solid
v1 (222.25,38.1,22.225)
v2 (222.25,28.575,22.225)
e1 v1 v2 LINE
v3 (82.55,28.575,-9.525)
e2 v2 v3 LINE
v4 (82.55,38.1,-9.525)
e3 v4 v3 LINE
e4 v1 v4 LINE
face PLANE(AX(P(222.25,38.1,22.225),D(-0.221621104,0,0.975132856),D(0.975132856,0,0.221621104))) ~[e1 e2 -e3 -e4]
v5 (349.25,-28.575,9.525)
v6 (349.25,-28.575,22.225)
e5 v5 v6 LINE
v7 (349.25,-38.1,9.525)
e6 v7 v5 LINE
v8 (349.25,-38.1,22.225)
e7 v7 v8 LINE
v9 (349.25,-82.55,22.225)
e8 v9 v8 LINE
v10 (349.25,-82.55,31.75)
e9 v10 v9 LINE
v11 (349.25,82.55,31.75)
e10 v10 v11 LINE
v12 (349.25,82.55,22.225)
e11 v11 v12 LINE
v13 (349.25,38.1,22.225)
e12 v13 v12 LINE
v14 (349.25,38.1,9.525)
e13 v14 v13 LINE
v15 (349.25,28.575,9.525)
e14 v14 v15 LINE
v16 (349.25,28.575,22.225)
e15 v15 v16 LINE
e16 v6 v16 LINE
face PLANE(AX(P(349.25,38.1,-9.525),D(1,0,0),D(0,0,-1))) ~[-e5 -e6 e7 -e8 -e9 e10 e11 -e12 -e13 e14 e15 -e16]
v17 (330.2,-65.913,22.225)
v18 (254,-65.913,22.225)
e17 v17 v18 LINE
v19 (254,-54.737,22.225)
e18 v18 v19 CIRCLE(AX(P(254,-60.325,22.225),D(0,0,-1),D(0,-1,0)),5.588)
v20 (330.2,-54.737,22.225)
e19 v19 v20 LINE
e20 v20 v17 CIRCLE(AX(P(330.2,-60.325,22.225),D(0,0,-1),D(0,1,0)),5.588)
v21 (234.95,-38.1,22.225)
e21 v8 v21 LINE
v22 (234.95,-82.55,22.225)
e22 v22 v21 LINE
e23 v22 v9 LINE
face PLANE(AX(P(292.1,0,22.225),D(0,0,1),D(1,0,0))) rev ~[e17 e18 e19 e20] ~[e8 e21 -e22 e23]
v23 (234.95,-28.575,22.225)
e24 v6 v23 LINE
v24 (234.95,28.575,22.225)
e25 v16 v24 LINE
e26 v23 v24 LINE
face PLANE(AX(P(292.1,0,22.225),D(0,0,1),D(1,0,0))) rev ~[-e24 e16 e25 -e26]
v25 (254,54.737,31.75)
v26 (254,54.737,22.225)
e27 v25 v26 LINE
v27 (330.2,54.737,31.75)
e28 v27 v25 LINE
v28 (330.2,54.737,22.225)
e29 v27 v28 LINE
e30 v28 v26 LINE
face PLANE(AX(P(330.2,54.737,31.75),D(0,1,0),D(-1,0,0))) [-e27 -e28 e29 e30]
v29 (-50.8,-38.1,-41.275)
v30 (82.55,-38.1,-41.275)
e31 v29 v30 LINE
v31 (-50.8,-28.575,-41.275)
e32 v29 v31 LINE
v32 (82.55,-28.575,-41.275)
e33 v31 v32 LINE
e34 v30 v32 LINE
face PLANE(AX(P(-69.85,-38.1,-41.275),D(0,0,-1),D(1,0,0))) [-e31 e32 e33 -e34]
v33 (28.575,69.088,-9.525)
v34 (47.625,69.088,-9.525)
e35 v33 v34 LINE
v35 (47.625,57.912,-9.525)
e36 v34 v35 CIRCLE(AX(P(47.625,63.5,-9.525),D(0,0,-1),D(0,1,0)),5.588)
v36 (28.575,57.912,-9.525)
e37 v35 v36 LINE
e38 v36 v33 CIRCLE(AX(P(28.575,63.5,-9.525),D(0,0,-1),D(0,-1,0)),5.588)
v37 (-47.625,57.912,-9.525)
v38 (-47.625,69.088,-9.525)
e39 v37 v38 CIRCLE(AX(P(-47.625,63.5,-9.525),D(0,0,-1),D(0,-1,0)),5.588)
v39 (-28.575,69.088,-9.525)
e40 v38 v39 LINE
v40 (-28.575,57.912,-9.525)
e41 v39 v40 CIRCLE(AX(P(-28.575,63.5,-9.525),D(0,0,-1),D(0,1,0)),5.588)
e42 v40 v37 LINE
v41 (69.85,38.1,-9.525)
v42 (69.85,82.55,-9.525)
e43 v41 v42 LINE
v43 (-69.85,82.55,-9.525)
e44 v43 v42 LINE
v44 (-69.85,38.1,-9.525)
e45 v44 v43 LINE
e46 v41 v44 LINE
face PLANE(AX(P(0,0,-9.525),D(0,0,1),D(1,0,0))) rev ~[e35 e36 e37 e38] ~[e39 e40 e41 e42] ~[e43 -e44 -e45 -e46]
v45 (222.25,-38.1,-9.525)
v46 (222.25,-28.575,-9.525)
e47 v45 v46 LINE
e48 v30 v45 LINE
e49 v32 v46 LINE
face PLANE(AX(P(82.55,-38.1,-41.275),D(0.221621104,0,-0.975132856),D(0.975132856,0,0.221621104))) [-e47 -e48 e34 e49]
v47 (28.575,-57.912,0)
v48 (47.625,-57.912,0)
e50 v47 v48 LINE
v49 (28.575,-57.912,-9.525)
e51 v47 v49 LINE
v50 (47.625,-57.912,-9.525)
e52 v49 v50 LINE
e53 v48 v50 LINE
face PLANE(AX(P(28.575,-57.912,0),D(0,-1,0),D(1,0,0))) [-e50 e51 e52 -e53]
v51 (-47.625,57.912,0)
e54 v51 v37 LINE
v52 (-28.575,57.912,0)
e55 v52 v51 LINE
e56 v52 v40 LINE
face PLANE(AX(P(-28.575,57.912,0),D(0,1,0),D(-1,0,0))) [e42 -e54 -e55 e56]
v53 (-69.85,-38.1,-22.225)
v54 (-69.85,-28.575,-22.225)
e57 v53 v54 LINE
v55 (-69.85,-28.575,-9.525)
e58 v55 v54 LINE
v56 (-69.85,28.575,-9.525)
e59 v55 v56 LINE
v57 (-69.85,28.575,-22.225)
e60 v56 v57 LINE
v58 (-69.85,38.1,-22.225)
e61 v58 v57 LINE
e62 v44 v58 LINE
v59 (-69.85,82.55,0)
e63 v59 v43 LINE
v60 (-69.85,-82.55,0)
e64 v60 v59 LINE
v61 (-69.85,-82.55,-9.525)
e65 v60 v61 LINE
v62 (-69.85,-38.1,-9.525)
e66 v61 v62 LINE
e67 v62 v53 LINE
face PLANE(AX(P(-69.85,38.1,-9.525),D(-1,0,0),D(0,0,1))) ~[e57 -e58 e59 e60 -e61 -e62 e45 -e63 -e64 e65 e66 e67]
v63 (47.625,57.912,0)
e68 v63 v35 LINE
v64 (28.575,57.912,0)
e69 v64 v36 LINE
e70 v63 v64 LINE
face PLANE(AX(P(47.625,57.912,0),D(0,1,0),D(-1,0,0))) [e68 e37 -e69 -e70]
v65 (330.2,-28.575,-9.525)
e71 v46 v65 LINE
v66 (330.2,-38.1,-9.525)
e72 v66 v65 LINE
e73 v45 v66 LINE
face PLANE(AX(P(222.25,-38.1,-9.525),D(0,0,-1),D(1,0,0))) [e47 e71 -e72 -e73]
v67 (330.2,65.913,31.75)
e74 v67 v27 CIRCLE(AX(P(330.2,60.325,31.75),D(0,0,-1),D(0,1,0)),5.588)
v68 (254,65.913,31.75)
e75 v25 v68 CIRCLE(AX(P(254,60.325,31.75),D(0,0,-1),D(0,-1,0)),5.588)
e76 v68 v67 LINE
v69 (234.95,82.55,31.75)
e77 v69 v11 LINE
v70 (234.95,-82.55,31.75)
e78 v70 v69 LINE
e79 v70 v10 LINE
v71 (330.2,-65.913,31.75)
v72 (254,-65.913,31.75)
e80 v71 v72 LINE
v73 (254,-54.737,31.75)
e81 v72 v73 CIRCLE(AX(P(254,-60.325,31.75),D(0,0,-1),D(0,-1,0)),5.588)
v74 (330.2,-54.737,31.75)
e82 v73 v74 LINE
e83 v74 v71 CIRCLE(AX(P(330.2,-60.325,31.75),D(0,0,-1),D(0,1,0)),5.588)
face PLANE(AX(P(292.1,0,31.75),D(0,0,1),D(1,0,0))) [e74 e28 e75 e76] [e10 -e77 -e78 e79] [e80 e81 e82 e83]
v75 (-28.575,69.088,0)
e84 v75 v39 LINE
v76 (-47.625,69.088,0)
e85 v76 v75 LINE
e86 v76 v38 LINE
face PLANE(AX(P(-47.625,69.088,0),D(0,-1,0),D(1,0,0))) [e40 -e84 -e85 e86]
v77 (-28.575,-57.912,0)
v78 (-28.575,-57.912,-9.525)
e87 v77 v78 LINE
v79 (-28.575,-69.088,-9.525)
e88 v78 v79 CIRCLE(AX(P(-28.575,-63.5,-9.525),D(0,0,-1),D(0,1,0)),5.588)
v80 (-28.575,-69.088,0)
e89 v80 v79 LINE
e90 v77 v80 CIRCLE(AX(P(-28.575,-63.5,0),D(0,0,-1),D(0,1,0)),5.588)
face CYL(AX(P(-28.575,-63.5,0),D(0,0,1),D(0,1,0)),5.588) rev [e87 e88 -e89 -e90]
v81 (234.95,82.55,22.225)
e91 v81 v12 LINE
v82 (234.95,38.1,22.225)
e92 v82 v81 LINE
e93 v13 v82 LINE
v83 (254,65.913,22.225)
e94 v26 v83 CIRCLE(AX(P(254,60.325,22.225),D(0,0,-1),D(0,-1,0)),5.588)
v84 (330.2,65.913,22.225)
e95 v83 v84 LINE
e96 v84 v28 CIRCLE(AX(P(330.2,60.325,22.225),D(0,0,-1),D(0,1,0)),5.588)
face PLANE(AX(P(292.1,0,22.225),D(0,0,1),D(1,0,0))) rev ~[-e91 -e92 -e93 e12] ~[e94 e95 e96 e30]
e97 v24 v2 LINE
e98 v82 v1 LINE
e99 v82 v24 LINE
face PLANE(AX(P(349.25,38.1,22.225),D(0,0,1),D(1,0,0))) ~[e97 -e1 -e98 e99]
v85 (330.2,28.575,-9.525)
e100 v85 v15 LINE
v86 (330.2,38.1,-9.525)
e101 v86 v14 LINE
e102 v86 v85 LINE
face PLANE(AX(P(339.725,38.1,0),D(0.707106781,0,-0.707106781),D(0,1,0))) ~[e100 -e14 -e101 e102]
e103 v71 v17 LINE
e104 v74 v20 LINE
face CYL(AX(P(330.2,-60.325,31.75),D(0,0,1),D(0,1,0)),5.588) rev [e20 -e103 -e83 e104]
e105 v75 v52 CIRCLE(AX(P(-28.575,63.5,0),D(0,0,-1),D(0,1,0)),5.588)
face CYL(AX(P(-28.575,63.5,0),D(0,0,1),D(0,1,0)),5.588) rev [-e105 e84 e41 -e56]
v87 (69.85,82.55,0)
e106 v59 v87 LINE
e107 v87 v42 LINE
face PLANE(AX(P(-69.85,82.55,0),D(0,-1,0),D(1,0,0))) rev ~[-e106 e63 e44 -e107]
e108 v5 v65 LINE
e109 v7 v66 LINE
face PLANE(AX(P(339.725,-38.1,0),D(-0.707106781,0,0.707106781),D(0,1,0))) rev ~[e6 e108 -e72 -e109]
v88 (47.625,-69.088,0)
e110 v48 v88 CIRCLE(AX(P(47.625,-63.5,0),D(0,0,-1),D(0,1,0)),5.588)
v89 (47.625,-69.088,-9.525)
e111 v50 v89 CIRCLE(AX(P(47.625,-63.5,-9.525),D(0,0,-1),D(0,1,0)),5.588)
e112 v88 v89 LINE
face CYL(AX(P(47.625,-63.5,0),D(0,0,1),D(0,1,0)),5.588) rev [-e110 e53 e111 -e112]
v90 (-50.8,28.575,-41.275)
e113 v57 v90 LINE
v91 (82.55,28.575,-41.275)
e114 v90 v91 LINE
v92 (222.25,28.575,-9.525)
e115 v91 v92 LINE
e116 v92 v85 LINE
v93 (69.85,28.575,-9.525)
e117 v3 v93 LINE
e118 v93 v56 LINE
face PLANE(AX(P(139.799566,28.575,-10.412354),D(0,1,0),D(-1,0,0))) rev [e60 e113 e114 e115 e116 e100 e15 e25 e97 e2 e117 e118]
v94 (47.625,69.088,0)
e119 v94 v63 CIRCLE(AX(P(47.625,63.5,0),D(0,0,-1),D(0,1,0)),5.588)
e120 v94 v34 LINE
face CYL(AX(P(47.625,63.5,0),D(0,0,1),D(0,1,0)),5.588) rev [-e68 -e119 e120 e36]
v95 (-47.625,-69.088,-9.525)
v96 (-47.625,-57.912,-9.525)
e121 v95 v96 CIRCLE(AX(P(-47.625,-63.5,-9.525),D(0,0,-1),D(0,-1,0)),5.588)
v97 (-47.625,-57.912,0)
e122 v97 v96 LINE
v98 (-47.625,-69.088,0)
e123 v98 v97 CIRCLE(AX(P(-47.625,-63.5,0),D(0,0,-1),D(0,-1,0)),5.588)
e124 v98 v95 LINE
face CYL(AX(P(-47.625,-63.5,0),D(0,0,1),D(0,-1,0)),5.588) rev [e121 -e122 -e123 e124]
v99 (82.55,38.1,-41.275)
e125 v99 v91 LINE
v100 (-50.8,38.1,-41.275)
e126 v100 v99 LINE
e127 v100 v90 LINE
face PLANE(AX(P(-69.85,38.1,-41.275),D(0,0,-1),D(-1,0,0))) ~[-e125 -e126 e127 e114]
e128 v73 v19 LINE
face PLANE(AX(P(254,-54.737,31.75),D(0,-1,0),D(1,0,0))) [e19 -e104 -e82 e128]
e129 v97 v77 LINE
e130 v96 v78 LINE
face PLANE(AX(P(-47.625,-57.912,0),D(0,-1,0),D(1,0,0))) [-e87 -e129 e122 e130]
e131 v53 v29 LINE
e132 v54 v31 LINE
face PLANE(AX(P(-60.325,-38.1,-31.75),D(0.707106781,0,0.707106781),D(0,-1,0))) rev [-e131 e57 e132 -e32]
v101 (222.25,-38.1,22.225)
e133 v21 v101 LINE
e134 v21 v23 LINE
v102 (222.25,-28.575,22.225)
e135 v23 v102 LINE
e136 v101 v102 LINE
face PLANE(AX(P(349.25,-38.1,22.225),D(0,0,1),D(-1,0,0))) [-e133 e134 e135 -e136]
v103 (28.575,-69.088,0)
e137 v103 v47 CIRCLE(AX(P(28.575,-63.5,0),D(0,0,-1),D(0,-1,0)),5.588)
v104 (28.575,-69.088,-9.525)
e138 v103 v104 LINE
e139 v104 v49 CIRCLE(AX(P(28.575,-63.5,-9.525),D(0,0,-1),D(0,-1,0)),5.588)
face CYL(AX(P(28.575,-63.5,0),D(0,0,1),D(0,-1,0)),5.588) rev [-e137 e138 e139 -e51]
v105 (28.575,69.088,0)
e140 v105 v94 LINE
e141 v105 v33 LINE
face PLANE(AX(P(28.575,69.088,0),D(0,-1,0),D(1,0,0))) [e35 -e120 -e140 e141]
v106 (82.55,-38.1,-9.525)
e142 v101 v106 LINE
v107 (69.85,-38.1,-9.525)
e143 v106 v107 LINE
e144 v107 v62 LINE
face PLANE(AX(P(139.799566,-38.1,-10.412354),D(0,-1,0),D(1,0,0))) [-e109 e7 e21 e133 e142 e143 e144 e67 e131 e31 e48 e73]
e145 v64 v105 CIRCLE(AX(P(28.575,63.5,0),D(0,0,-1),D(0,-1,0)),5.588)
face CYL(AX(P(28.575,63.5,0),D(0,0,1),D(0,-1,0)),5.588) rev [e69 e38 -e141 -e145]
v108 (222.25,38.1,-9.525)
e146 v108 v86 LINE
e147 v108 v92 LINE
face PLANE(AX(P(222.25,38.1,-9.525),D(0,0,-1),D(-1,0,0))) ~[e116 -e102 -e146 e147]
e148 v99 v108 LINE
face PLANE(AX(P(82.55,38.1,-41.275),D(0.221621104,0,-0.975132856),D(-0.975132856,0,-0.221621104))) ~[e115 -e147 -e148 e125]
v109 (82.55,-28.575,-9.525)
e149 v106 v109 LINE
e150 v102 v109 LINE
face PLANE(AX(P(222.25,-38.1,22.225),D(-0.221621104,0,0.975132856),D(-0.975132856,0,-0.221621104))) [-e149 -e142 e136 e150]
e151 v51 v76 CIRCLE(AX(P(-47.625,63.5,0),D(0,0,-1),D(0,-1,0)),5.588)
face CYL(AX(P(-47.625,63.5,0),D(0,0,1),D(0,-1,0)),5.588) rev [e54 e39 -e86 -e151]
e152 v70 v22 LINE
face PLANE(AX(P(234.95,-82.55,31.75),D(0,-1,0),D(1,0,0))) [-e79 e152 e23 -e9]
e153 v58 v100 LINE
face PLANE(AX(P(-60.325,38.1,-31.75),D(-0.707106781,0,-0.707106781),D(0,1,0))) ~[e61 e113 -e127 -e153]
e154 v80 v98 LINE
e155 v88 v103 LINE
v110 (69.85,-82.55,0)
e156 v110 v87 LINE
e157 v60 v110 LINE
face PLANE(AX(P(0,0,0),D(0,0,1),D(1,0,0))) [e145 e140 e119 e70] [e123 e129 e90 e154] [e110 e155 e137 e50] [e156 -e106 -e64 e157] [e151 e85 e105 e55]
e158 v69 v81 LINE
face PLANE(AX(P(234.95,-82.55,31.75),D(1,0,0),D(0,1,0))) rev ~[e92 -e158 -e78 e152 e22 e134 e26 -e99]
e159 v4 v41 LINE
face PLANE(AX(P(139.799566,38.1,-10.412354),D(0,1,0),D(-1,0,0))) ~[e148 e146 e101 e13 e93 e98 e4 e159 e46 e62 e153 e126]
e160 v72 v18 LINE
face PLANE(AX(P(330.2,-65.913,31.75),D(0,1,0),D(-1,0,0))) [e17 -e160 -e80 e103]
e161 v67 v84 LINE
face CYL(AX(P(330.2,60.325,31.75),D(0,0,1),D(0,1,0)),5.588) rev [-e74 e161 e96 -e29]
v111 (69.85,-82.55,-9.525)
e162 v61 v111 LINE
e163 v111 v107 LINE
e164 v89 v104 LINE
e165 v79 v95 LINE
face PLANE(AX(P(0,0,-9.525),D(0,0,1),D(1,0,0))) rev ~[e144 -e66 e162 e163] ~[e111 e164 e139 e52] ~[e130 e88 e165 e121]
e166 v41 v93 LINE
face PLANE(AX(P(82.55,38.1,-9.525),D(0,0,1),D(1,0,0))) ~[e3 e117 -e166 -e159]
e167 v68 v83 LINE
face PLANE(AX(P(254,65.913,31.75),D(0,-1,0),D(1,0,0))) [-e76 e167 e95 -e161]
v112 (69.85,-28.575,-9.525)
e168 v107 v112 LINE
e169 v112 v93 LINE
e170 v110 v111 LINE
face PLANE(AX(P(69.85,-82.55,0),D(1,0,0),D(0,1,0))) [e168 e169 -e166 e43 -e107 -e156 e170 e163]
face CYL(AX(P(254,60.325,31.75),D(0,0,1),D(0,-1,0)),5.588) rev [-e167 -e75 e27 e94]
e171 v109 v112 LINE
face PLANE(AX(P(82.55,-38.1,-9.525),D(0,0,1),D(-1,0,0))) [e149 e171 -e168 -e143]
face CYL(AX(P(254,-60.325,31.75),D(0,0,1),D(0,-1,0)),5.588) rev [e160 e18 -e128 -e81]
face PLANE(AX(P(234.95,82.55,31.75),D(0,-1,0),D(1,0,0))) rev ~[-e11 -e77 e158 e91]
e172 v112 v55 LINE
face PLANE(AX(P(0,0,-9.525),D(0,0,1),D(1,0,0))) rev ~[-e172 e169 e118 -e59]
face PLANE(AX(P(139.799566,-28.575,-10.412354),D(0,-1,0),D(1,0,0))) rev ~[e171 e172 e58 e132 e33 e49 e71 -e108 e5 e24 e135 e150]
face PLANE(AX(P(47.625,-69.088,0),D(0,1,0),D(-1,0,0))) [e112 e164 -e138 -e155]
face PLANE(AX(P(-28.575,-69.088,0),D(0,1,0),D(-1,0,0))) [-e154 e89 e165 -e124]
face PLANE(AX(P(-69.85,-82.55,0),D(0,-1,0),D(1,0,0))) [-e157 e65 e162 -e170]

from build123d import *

# Parameters (mm, degrees)
F0_W     = 139.7
F0_H     = 165.1
F1_DEPTH = 9.525
F3_W     = 114.3
F3_H     = 165.1
F4_DEPTH = 9.525
F7_DEPTH = 9.525
F9_SIZE  = 19.05


with BuildPart() as f1:
    # F0 (on Top) → F1 (new body)
    with BuildSketch(Plane.XY):
        Rectangle(F0_W, F0_H)
        with BuildLine():
            ThreePointArc((-47.625, -69.088), (-53.213, -63.5), (-47.625, -57.912))
            Line((-47.625, -57.912), (-28.575, -57.912))
            ThreePointArc((-28.575, -57.912), (-22.987, -63.5), (-28.575, -69.088))
            Line((-28.575, -69.088), (-47.625, -69.088))
        make_face(mode=Mode.SUBTRACT)
        with BuildLine():
            Line((28.575, -57.912), (47.625, -57.912))
            ThreePointArc((47.625, -57.912), (53.213, -63.5), (47.625, -69.088))
            Line((47.625, -69.088), (28.575, -69.088))
            ThreePointArc((28.575, -69.088), (22.987, -63.5), (28.575, -57.912))
        make_face(mode=Mode.SUBTRACT)
        with BuildLine():
            Line((-28.575, 57.912), (-47.625, 57.912))
            ThreePointArc((-47.625, 57.912), (-53.213, 63.5), (-47.625, 69.088))
            Line((-47.625, 69.088), (-28.575, 69.088))
            ThreePointArc((-28.575, 69.088), (-22.987, 63.5), (-28.575, 57.912))
        make_face(mode=Mode.SUBTRACT)
        with BuildLine():
            ThreePointArc((47.625, 69.088), (53.213, 63.5), (47.625, 57.912))
            Line((47.625, 57.912), (28.575, 57.912))
            ThreePointArc((28.575, 57.912), (22.987, 63.5), (28.575, 69.088))
            Line((28.575, 69.088), (47.625, 69.088))
        make_face(mode=Mode.SUBTRACT)
    extrude(amount=-F1_DEPTH)



with BuildPart() as f4:
    # F3 (on offset) → F4 (new body)
    with BuildSketch(Plane.XY.offset(31.75)):
        with Locations((292.1, 0)):
            Rectangle(F3_W, F3_H)
        with BuildLine():
            ThreePointArc((254, -65.913), (248.412, -60.325), (254, -54.737))
            Line((254, -54.737), (330.2, -54.737))
            ThreePointArc((330.2, -54.737), (335.788, -60.325), (330.2, -65.913))
            Line((330.2, -65.913), (254, -65.913))
        make_face(mode=Mode.SUBTRACT)
        with BuildLine():
            Line((330.2, 54.737), (254, 54.737))
            ThreePointArc((254, 54.737), (248.412, 60.325), (254, 65.913))
            Line((254, 65.913), (330.2, 65.913))
            ThreePointArc((330.2, 65.913), (335.788, 60.325), (330.2, 54.737))
        make_face(mode=Mode.SUBTRACT)
    extrude(amount=-F4_DEPTH)


with BuildPart() as f1_1:
    add(f1.part)

    add(f4.part)  # F7 merges F4
    # F6 (on offset) → F7 (join)
    with BuildSketch(Plane.XZ.offset(38.1)):
        Polygon((69.85, -9.525), (-69.85, -9.525), (-69.85, -41.275), (82.55, -41.275), (222.25, -9.525), (349.25, -9.525), (349.25, 22.225), (234.95, 22.225), (222.25, 22.225), (82.55, -9.525), align=None)
    extrude(amount=-F7_DEPTH)

    # F8: F1 across plane


with BuildPart() as f1_2:
    add(f1_1.part)
    add(f1_1.part.mirror(Plane.XZ))

    # F9
    f9_edges = [f1_2.edges().sort_by_distance(p)[0] for p in [
        (-69.85, -33.3375, -41.275),
        (-69.85, 33.3375, -41.275),
        (349.25, -33.3375, -9.525),
        (349.25, 33.3375, -9.525),
    ]]
    chamfer(f9_edges, length=F9_SIZE)


solid = f1_2.part
